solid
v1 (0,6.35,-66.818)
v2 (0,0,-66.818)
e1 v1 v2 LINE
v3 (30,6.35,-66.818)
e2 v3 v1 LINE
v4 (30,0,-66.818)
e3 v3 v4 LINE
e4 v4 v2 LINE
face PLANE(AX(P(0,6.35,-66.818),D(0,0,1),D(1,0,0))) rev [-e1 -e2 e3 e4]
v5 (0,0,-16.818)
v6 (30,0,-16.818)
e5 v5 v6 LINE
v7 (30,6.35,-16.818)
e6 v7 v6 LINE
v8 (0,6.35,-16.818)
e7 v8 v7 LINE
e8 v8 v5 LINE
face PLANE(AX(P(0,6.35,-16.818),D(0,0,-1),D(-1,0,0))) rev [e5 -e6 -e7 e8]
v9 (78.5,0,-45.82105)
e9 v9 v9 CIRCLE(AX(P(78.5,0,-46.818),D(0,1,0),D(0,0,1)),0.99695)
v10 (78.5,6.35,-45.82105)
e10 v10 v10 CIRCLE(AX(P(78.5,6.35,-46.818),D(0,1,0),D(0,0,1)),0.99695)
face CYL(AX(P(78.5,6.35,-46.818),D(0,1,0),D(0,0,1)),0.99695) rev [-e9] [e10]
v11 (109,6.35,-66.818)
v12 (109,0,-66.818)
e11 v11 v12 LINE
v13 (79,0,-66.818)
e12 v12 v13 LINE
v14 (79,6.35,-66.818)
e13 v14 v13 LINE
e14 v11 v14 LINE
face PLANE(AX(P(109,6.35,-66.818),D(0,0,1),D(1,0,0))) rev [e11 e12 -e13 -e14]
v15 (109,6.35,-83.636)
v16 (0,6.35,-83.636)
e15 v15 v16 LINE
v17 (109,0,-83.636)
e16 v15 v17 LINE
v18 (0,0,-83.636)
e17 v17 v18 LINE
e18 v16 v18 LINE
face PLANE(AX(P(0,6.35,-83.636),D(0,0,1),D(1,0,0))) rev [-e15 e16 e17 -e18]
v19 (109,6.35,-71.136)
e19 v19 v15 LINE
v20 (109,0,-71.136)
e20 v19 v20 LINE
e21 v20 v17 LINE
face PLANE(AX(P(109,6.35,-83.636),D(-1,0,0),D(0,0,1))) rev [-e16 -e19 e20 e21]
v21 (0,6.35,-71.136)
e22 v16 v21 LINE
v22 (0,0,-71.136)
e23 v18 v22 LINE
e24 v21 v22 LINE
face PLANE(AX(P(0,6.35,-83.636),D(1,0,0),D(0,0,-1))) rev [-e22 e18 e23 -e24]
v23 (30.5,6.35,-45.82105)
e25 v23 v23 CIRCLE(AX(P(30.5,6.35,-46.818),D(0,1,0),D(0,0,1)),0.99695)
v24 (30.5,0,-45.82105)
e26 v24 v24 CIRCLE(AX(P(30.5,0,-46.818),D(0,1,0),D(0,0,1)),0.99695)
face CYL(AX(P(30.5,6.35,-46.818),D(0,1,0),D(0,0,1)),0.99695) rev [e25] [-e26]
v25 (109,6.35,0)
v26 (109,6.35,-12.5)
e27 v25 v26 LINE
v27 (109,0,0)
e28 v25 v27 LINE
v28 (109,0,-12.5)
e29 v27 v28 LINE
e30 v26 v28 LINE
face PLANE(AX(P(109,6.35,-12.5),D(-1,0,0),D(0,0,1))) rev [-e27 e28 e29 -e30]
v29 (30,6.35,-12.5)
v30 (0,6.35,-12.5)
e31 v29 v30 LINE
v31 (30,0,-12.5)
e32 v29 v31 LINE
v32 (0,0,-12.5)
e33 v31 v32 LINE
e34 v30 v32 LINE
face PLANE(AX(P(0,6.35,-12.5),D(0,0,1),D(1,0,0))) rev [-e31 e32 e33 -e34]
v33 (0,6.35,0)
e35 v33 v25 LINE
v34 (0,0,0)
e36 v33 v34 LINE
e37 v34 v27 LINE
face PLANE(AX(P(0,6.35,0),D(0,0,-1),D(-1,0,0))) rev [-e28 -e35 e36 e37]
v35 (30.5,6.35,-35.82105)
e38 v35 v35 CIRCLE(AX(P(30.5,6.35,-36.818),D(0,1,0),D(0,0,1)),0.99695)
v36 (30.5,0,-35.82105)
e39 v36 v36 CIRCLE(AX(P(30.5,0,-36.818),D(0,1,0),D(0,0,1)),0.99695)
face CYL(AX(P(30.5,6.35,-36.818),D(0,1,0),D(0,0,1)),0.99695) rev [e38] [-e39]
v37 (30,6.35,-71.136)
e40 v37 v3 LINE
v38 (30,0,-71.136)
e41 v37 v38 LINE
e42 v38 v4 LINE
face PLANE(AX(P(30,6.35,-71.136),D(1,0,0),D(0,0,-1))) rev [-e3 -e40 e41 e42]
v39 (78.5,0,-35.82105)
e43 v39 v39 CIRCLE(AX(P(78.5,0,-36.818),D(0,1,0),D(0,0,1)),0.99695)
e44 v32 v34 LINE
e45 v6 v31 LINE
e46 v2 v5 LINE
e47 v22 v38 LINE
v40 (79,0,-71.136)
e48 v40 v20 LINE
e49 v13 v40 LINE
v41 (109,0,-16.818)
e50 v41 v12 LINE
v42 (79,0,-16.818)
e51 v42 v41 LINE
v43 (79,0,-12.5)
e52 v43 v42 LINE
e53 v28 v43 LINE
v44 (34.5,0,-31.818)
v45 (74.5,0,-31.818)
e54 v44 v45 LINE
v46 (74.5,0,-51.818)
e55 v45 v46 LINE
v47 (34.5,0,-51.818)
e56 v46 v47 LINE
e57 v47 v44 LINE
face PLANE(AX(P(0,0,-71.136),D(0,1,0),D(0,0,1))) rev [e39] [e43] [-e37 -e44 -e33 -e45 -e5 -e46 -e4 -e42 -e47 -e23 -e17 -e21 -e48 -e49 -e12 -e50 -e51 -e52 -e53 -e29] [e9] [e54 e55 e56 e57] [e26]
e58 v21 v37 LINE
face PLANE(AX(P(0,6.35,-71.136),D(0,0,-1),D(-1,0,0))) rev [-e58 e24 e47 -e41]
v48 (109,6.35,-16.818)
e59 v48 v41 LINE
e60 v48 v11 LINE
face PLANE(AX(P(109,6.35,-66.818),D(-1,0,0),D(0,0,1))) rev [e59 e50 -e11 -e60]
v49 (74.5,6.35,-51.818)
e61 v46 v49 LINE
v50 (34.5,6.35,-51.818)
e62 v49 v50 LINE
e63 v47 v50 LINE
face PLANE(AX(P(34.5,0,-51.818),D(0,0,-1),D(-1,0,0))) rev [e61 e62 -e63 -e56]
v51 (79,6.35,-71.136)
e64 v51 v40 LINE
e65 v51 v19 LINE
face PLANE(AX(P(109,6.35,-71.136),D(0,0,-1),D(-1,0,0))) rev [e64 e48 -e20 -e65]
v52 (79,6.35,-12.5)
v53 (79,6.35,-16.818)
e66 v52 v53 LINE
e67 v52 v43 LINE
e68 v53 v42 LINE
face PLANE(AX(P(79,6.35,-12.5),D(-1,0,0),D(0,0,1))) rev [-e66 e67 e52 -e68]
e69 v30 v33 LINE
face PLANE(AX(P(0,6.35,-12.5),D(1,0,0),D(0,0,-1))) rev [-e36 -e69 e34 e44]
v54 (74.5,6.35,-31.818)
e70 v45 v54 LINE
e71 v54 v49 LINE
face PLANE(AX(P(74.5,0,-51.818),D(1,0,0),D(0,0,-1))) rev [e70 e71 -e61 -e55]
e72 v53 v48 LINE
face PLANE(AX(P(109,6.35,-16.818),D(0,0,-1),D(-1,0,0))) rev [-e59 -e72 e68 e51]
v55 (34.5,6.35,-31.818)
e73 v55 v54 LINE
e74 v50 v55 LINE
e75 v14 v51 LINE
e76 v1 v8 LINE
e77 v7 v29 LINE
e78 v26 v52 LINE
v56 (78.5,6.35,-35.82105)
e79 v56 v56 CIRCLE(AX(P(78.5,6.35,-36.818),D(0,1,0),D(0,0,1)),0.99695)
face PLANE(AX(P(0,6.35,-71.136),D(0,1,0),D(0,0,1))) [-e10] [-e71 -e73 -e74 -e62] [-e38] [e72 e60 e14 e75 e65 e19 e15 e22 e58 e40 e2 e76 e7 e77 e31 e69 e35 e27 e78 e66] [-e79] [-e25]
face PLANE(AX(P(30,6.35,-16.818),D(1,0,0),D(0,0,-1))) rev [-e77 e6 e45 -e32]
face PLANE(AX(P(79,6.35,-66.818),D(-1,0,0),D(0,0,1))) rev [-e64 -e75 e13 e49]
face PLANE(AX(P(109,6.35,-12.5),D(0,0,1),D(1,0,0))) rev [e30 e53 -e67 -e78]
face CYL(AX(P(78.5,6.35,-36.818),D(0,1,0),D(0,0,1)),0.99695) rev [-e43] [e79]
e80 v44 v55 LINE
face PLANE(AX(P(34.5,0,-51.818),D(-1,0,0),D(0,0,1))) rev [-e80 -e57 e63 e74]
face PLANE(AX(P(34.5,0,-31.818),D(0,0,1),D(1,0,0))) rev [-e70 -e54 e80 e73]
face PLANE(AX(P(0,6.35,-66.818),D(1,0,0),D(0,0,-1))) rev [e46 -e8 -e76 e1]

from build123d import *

# Parameters (mm, degrees)
MAIN_SHAPE_DEPTH                            = 6.35
SKETCH2_W                                   = 40
SKETCH2_H                                   = 20
CUT_FOR_SERVO_MOUNTING_HOLE_LOCATIONS_DEPTH = 7.35
F_3_48_TAPPED_HOLE1_D                       = 1.9939
F_3_48_TAPPED_HOLE1_DEPTH                   = 7.67
F_3_48_TAPPED_HOLE1_TIP                     = 0.599027994


with BuildPart() as part:
    # Sketch1 → main shape (new body)
    with BuildSketch(Plane(origin=(0, 0, 0), x_dir=(1, 0, 0), z_dir=(0, 1, 0))):
        Polygon((0, 66.818), (0, 16.818), (30, 16.818), (30, 12.5), (0, 12.5), (0, 0), (109, 0), (109, 12.5), (79, 12.5), (79, 16.818), (109, 16.818), (109, 66.818), (79, 66.818), (79, 71.136), (109, 71.136), (109, 83.636), (0, 83.636), (0, 71.136), (30, 71.136), (30, 66.818), align=None)
    extrude(amount=MAIN_SHAPE_DEPTH)

    # Sketch2 → cut for servo + mounting hole locations (cut, through all)
    with BuildSketch(Plane(origin=(0, 6.35, 0), x_dir=(1, 0, 0), z_dir=(0, 1, 0))):
        with Locations((54.5, 41.818)):
            Rectangle(SKETCH2_W, SKETCH2_H)
    extrude(amount=-CUT_FOR_SERVO_MOUNTING_HOLE_LOCATIONS_DEPTH, mode=Mode.SUBTRACT)

    # #3-48 Tapped Hole1
    with Locations(Plane(origin=(0, 6.35, 0), x_dir=(-1, 0, 0), z_dir=(0, 1, 0))):
        with Locations((-30.5, -36.818), (-30.5, -46.818), (-78.5, -36.818), (-78.5, -46.818)):
            Hole(F_3_48_TAPPED_HOLE1_D / 2, depth=F_3_48_TAPPED_HOLE1_DEPTH)
            with Locations((0, 0, -(F_3_48_TAPPED_HOLE1_DEPTH + F_3_48_TAPPED_HOLE1_TIP / 2))):  # 118° drill point
                Cone(0, F_3_48_TAPPED_HOLE1_D / 2, F_3_48_TAPPED_HOLE1_TIP, mode=Mode.SUBTRACT)


solid = part.part
